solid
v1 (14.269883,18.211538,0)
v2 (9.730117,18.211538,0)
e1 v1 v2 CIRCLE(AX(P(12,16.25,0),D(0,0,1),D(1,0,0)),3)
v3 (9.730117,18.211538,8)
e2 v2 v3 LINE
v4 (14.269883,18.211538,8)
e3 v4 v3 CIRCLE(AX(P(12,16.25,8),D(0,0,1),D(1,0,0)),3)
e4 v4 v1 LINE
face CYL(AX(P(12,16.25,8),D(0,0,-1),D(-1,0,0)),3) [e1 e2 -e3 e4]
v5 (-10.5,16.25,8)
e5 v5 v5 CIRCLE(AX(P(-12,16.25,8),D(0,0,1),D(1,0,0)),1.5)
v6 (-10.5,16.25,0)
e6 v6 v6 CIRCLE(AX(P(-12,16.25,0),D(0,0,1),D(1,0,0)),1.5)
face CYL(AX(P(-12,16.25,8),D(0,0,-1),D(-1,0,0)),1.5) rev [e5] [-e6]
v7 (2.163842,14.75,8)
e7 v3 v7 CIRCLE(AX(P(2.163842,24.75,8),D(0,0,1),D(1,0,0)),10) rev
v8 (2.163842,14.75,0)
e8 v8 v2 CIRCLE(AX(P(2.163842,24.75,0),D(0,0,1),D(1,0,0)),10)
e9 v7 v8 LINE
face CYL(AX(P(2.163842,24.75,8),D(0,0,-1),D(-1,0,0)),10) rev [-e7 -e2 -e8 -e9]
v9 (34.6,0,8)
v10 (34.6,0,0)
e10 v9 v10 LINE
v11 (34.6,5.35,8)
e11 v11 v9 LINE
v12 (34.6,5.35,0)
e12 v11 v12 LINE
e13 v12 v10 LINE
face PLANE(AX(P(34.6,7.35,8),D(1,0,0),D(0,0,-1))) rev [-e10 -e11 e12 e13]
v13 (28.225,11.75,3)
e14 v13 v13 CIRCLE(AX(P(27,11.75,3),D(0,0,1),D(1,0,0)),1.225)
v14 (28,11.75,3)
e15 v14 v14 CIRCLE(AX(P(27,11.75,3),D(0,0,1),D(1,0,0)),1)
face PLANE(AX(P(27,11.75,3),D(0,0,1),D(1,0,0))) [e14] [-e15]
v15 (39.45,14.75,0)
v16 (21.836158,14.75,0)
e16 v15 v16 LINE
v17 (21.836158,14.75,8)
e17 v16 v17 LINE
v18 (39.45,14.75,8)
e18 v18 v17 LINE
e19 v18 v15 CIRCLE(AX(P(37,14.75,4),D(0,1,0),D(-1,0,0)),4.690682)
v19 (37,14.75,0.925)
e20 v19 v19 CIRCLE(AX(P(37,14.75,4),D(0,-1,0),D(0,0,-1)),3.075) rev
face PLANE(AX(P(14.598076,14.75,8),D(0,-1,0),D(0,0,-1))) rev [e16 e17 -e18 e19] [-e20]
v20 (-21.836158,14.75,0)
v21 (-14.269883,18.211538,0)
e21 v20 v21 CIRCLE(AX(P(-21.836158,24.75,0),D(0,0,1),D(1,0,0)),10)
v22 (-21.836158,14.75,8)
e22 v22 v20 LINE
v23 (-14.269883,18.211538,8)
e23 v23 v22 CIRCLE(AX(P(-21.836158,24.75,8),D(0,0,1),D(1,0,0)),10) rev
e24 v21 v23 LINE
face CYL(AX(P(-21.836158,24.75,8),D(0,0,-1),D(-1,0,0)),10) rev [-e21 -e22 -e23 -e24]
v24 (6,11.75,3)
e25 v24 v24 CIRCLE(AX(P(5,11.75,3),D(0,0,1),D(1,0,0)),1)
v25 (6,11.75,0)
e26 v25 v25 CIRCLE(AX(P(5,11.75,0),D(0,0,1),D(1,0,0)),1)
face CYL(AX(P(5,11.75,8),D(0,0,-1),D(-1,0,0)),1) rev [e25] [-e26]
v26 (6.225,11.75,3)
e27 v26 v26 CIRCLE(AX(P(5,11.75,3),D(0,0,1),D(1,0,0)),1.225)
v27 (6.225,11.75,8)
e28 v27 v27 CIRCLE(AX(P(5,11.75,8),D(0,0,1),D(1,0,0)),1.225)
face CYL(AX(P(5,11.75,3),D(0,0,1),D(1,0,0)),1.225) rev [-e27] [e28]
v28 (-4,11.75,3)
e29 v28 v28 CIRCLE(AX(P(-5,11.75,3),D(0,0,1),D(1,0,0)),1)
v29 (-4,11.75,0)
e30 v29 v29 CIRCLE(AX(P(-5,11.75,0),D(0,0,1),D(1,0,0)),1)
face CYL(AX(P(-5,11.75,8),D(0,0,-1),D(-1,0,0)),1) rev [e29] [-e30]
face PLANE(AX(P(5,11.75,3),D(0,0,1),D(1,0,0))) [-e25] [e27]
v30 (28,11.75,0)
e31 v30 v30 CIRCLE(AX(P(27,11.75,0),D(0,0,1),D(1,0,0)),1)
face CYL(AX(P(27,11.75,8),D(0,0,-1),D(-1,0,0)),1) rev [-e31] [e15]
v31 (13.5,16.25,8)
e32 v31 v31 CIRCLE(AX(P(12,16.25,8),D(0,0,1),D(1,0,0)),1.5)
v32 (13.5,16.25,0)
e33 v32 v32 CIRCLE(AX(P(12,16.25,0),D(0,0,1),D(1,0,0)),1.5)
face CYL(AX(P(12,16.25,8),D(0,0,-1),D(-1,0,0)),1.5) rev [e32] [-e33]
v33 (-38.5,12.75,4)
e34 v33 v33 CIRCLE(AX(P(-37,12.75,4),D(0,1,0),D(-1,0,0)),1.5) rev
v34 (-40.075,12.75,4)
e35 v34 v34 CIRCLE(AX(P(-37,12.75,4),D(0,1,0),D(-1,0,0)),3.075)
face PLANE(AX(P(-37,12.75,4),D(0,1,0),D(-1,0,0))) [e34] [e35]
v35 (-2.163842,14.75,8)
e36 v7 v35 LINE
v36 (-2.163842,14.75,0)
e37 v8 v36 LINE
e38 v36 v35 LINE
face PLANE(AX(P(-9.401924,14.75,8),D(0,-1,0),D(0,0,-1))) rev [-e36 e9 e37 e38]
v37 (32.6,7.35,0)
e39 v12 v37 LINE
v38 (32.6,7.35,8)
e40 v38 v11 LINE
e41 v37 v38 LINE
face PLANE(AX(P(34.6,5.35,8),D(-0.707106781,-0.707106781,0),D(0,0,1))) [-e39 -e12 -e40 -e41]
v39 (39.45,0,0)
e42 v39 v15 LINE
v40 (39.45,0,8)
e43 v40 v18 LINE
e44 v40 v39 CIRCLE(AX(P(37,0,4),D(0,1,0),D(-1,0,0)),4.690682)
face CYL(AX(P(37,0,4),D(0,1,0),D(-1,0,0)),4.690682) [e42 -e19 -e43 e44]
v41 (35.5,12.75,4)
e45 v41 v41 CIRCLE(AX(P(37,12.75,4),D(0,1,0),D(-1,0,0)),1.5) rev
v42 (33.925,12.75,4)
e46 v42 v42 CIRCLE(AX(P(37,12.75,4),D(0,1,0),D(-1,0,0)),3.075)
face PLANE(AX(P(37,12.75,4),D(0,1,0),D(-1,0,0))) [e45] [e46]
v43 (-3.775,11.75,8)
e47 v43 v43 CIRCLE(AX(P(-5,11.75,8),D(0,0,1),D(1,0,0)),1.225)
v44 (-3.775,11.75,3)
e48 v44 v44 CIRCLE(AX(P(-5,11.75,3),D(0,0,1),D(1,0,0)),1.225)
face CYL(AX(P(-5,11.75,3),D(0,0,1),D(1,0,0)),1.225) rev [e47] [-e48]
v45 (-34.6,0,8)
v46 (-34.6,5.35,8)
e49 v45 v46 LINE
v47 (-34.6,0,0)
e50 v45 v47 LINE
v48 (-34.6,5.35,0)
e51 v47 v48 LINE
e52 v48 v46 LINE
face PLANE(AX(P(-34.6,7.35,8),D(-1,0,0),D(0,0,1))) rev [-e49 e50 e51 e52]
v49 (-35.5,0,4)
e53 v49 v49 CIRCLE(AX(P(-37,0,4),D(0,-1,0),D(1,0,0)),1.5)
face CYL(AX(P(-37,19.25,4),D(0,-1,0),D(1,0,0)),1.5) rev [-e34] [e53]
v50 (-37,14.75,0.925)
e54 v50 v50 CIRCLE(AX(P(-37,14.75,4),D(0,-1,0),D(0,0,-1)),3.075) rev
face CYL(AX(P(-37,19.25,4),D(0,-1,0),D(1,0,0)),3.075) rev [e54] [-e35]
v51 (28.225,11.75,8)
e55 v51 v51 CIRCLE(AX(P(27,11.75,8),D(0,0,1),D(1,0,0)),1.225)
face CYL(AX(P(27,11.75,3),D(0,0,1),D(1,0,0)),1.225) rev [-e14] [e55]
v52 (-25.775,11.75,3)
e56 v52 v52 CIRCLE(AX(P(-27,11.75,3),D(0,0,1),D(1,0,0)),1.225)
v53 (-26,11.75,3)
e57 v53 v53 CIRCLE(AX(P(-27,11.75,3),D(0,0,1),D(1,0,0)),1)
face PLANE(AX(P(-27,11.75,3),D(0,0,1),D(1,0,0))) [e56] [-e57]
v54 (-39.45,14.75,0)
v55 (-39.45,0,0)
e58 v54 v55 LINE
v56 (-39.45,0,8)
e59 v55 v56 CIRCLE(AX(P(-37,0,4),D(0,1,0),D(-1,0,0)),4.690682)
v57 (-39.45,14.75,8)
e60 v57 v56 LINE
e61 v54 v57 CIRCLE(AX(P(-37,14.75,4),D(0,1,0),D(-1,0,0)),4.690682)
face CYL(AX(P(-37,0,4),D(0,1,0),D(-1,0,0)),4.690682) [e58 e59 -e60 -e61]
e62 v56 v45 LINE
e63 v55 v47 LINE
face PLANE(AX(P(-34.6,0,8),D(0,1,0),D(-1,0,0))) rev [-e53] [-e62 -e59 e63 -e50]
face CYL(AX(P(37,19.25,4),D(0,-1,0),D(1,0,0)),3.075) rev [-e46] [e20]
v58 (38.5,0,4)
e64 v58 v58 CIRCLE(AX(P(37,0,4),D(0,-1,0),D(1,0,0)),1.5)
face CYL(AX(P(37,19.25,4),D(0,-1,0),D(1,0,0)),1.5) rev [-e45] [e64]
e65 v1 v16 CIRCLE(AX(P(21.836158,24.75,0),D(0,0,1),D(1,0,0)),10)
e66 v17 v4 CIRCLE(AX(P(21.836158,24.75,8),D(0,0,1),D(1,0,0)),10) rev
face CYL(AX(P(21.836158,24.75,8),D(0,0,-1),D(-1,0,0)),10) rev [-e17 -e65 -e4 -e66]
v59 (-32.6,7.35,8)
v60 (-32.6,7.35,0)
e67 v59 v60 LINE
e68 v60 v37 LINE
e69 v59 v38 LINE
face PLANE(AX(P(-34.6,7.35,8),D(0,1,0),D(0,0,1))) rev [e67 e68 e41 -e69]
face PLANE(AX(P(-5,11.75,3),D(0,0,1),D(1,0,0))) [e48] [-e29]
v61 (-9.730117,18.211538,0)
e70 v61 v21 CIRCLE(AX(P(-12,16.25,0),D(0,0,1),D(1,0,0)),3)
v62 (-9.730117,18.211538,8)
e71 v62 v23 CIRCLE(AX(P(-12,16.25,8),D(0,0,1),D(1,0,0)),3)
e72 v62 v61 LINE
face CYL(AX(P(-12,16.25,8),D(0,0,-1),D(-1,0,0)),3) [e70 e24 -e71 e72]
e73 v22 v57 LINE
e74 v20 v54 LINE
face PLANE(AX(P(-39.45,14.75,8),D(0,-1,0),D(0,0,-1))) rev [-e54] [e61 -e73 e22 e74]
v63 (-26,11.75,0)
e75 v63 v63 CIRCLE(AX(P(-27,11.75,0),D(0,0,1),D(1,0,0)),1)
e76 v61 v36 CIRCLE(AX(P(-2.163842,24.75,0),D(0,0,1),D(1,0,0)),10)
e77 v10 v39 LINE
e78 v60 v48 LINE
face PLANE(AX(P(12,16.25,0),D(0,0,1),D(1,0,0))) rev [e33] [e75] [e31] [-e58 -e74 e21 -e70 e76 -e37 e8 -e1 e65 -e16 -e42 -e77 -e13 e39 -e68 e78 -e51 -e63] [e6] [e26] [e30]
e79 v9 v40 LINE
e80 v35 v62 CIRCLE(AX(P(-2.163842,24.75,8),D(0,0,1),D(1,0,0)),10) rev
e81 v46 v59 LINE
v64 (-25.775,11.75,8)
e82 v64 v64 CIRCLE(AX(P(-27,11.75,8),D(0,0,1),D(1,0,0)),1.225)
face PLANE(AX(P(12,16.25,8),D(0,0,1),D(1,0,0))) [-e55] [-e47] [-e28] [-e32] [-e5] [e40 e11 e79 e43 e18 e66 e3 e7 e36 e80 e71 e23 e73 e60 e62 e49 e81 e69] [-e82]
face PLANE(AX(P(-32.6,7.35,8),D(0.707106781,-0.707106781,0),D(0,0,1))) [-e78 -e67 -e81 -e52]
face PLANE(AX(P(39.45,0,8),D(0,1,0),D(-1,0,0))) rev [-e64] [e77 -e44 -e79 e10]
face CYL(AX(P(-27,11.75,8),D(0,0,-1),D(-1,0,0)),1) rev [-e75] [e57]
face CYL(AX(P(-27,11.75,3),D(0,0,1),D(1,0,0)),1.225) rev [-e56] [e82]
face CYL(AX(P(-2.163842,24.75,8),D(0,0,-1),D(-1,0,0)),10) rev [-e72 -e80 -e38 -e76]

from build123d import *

# Parameters (mm, degrees)
SKETCH1_R               = 1
SKETCH1_R_2             = 1.5
BOSS_EXTRUDE1_DEPTH     = 8
SKETCH2_R               = 1.5
CUT_EXTRUDE1_DEPTH      = 20.25
BOSS_EXTRUDE2_DEPTH     = 14.75
SKETCH5_R               = 3.075
CUT_EXTRUDE2_DEPTH      = 5.5
CUT_EXTRUDE2_DEPTH_BACK = 2
CHAMFER2_SIZE           = 2
FILLET1_R               = 10
SKETCH6_R               = 1.225
CUT_EXTRUDE3_DEPTH      = 5


with BuildPart() as part:
    # Sketch1 → Boss-Extrude1 (new body)
    with BuildSketch(Plane.XY):
        with BuildLine():
            Line((34.6, 7.35), (34.6, 0))
            Line((34.6, 0), (39.45, 0))
            Line((39.45, 0), (39.45, 14.75))
            Line((39.45, 14.75), (14.598076211, 14.75))
            ThreePointArc((14.598076211, 14.75), (12, 19.25), (9.401923789, 14.75))
            Line((9.401923789, 14.75), (-9.401923789, 14.75))
            ThreePointArc((-9.401923789, 14.75), (-12, 19.25), (-14.598076211, 14.75))
            Line((-14.598076211, 14.75), (-39.45, 14.75))
            Line((-39.45, 14.75), (-39.45, 0))
            Line((-39.45, 0), (-34.6, 0))
            Line((-34.6, 0), (-34.6, 7.35))
            Line((-34.6, 7.35), (34.6, 7.35))
        make_face()
        with Locations((-5, 11.75)):
            Circle(SKETCH1_R, mode=Mode.SUBTRACT)
        with Locations((5, 11.75)):
            Circle(SKETCH1_R, mode=Mode.SUBTRACT)
        with Locations((27, 11.75)):
            Circle(SKETCH1_R, mode=Mode.SUBTRACT)
        with Locations((-27, 11.75)):
            Circle(SKETCH1_R, mode=Mode.SUBTRACT)
        with Locations((12, 16.25)):
            Circle(SKETCH1_R_2, mode=Mode.SUBTRACT)
        with Locations((-12, 16.25)):
            Circle(SKETCH1_R_2, mode=Mode.SUBTRACT)
    extrude(amount=BOSS_EXTRUDE1_DEPTH)

    # Sketch2 → Cut-Extrude1 (cut, through all)
    with BuildSketch(Plane.XZ):
        with Locations((-37, 4)):
            Circle(SKETCH2_R)
        with Locations((37, 4)):
            Circle(SKETCH2_R)
    extrude(amount=-CUT_EXTRUDE1_DEPTH, mode=Mode.SUBTRACT)

    # Sketch3 → Boss-Extrude2 (add)
    with BuildSketch(Plane(origin=(0, 14.75, 0), x_dir=(1, 0, 0), z_dir=(0, 1, 0))):
        with BuildLine():
            Line((39.45, -8), (39.45, 0))
            ThreePointArc((39.45, 0), (41.690682253, -4), (39.45, -8))
        make_face()
        with BuildLine():
            Line((-39.45, -8), (-39.45, 0))
            ThreePointArc((-39.45, 0), (-41.690682253, -4), (-39.45, -8))
        make_face()
    extrude(amount=-BOSS_EXTRUDE2_DEPTH)

    # Sketch5 → Cut-Extrude2 (cut, two sides)
    with BuildSketch(Plane(origin=(0, 14.75, 0), x_dir=(1, 0, 0), z_dir=(0, 1, 0))) as cut_extrude2_sk:
        with Locations((37, -4)):
            Circle(SKETCH5_R)
        with Locations((-37, -4)):
            Circle(SKETCH5_R)
    extrude(amount=CUT_EXTRUDE2_DEPTH, mode=Mode.SUBTRACT)
    extrude(cut_extrude2_sk.sketch, amount=-CUT_EXTRUDE2_DEPTH_BACK, mode=Mode.SUBTRACT)

    # Chamfer2
    chamfer2_edges = [part.edges().sort_by_distance(p)[0] for p in [
        (-34.6, 7.35, 4),
        (34.6, 7.35, 4),
    ]]
    chamfer(chamfer2_edges, length=CHAMFER2_SIZE)

    # Fillet1
    fillet1_edges = [part.edges().sort_by_distance(p)[0] for p in [
        (-14.598076211, 14.75, 4),
        (-9.401923789, 14.75, 4),
        (9.401923789, 14.75, 4),
        (14.598076211, 14.75, 4),
    ]]
    fillet(fillet1_edges, radius=FILLET1_R)

    # Sketch6 → Cut-Extrude3 (cut)
    with BuildSketch(Plane.XY.offset(8)):
        with Locations((-27, 11.75)):
            Circle(SKETCH6_R)
        with Locations((-5, 11.75)):
            Circle(SKETCH6_R)
        with Locations((5, 11.75)):
            Circle(SKETCH6_R)
        with Locations((27, 11.75)):
            Circle(SKETCH6_R)
    extrude(amount=-CUT_EXTRUDE3_DEPTH, mode=Mode.SUBTRACT)


solid = part.part
